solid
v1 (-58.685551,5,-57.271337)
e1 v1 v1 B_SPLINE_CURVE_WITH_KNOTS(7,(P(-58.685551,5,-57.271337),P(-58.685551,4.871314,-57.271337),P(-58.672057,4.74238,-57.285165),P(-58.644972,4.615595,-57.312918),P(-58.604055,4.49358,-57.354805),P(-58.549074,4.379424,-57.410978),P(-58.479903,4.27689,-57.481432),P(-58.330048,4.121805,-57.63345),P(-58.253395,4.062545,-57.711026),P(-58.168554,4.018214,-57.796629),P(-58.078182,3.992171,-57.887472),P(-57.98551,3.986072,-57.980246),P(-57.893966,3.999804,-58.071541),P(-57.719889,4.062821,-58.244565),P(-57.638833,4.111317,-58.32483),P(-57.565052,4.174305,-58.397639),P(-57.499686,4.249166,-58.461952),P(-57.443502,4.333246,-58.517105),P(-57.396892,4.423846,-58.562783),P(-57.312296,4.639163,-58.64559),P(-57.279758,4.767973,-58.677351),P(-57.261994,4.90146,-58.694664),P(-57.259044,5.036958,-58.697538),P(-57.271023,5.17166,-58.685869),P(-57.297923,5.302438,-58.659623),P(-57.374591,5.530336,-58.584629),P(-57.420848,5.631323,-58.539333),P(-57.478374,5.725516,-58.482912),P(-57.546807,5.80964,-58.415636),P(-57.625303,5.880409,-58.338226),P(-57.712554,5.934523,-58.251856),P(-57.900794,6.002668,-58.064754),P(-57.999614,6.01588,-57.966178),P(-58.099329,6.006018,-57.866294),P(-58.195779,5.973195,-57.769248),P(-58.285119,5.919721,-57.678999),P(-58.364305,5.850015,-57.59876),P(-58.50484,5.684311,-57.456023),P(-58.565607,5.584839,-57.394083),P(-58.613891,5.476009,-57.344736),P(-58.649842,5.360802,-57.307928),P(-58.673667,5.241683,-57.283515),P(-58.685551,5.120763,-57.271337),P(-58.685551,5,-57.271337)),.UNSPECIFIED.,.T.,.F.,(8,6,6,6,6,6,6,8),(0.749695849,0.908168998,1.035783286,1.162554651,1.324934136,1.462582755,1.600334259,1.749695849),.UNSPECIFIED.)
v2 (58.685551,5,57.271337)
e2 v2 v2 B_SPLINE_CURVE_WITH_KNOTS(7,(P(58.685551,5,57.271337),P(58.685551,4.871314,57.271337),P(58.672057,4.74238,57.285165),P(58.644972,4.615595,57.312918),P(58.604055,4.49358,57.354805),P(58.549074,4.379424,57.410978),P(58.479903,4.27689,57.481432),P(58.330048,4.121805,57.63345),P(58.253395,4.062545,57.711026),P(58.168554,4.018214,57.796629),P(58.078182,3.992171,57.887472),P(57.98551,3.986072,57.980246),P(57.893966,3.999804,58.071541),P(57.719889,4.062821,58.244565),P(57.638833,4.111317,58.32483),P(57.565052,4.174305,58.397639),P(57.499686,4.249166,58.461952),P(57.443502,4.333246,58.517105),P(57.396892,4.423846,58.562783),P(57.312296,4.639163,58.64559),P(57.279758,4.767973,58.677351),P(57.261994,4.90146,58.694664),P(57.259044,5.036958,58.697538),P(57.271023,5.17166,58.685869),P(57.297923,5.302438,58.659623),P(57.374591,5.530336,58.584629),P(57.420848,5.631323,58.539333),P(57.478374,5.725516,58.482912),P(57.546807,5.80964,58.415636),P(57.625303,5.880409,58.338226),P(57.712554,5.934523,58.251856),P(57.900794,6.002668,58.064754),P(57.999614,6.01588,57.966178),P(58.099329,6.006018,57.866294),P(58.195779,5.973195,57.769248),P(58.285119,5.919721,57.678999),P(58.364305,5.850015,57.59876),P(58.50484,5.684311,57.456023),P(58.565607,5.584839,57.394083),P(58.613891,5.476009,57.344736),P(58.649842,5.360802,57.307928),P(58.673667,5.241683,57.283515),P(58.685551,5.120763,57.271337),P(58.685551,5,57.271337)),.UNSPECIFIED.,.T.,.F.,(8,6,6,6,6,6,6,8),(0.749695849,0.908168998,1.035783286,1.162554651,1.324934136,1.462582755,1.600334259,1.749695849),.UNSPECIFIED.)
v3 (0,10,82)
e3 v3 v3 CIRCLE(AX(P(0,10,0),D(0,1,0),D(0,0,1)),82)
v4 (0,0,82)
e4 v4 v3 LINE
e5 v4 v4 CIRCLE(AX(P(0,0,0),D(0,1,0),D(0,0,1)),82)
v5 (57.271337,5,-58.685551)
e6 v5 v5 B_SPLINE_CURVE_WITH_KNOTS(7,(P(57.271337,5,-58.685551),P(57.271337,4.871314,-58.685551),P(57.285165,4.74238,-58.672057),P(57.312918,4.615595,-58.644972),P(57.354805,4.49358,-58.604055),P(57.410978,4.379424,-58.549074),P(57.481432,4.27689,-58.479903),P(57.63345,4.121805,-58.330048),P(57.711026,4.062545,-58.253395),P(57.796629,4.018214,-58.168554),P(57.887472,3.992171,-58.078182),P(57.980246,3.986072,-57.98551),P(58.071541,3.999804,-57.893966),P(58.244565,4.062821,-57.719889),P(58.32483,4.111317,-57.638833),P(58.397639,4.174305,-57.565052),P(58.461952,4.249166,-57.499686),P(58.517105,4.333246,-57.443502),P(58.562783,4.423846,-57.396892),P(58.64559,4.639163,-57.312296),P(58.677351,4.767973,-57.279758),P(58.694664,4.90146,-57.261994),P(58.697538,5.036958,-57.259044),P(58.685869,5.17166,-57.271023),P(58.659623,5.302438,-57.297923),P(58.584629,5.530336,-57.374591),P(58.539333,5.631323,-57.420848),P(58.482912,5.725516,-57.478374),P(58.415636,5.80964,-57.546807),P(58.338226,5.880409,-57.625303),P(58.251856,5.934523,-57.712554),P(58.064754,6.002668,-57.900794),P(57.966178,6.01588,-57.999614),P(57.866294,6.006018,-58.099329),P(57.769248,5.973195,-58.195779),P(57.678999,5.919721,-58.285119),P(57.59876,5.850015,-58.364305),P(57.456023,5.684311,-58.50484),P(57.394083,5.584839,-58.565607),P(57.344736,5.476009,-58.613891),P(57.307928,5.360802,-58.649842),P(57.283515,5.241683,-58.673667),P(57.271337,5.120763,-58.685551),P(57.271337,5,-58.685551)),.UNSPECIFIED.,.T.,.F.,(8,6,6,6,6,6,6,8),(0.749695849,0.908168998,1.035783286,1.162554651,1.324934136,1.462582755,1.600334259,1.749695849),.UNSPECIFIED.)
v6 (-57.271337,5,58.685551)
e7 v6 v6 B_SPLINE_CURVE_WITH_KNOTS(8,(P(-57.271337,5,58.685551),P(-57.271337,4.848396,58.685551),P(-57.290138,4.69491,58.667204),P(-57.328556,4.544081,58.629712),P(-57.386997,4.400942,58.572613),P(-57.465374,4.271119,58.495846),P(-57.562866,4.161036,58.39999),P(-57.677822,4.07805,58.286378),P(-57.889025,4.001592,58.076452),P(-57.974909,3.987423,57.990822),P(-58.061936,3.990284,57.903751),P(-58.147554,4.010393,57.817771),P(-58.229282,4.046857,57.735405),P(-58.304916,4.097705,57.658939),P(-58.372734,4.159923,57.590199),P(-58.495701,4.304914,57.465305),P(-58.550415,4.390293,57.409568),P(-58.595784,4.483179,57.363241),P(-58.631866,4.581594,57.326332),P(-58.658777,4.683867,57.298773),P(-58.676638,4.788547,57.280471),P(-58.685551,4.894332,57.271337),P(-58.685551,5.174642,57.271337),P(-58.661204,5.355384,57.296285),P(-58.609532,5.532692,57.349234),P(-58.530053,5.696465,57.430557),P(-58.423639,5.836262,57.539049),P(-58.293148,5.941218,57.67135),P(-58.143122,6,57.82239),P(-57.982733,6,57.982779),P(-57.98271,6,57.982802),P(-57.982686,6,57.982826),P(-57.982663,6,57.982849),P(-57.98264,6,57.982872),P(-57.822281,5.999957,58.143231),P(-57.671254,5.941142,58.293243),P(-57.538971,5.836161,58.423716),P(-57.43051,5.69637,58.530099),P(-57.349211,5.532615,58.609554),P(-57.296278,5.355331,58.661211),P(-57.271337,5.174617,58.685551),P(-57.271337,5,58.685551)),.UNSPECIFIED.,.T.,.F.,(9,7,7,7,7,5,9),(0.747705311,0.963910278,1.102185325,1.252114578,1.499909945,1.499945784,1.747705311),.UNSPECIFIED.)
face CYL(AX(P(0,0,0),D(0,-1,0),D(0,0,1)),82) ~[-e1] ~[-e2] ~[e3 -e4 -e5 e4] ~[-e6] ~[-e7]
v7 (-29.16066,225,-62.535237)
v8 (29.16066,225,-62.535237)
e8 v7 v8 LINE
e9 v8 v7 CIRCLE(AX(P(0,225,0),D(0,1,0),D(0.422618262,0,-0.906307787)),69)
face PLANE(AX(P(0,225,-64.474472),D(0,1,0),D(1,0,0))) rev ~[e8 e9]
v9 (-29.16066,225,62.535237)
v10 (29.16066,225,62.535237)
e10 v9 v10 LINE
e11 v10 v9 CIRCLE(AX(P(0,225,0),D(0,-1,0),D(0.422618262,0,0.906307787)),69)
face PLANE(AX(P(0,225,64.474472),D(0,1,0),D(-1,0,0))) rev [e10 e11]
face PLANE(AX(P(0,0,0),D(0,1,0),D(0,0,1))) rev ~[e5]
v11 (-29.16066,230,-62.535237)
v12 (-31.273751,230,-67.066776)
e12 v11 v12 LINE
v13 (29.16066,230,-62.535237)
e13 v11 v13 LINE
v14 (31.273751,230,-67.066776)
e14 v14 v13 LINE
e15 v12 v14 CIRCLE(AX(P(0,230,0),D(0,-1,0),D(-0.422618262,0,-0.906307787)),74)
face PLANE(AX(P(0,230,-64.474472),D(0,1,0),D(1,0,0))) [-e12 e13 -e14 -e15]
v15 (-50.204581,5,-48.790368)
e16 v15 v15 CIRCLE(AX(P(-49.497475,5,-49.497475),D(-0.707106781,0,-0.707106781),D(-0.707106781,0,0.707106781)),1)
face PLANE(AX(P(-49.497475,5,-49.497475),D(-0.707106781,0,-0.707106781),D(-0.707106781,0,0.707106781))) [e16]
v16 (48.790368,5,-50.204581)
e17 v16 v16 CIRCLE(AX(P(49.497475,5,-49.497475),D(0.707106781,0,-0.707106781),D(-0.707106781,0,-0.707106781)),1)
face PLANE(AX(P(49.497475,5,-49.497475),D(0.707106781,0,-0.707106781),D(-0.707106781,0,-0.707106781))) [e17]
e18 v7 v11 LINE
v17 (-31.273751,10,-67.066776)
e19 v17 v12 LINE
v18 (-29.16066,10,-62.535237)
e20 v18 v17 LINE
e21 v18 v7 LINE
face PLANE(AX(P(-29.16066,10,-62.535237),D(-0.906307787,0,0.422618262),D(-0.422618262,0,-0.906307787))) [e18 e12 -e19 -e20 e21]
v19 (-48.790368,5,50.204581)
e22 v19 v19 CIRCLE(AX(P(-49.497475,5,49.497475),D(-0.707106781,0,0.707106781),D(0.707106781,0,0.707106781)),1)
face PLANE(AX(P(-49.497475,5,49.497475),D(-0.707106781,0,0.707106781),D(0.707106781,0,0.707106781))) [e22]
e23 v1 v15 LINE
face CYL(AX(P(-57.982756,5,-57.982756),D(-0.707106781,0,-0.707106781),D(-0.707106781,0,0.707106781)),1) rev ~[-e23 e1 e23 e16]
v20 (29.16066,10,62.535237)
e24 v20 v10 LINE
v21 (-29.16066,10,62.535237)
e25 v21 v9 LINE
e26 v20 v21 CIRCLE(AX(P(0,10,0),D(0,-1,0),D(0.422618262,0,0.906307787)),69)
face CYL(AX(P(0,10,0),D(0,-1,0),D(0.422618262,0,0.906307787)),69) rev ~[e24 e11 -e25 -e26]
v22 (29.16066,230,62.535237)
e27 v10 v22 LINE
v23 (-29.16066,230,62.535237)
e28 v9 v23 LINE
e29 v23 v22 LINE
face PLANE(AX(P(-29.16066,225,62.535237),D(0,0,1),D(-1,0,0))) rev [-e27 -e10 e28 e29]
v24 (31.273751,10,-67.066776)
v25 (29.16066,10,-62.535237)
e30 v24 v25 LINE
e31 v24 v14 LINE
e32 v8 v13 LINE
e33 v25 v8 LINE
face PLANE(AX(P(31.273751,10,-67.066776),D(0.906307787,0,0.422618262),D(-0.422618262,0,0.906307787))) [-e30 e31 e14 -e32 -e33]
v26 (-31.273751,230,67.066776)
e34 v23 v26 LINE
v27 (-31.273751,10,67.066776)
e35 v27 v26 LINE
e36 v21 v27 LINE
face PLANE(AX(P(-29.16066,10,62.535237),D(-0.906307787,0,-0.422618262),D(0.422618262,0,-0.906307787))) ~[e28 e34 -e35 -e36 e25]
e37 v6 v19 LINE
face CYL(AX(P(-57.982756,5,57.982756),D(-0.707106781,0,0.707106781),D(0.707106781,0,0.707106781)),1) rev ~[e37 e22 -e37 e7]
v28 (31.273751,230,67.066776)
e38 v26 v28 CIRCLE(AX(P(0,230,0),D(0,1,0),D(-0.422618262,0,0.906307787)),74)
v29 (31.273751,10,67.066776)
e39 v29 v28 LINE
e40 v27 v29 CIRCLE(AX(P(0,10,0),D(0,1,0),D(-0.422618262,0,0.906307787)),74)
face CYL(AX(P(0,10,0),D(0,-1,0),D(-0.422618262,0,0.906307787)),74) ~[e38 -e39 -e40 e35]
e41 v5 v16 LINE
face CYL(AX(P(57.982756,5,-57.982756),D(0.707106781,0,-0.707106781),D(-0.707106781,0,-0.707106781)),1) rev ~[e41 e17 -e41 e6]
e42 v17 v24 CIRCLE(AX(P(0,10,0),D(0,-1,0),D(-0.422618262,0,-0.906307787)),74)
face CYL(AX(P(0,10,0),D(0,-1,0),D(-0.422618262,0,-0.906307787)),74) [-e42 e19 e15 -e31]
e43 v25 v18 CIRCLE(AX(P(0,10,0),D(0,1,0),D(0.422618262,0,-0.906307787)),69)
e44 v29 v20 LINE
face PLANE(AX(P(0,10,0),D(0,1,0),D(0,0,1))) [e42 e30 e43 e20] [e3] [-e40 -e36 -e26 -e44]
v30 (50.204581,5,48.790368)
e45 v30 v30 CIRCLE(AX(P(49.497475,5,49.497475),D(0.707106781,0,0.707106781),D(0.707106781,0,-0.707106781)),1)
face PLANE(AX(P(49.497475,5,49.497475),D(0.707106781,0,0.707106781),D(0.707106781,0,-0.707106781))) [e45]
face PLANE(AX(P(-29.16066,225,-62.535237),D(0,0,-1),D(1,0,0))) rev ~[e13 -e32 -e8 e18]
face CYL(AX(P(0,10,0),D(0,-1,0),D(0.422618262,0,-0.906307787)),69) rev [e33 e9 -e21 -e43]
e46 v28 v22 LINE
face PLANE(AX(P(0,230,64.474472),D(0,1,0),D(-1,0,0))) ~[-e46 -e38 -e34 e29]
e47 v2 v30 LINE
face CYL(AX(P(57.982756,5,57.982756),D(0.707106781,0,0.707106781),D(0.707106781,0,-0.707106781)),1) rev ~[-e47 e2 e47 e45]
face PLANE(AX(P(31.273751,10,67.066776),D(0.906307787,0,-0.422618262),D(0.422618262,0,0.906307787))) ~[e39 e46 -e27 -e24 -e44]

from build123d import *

# Parameters (mm, degrees)
SKETCH1_R           = 82
BOSS_EXTRUDE1_DEPTH = 10
BOSS_EXTRUDE4_DEPTH = 220
BOSS_EXTRUDE5_START = -5
BOSS_EXTRUDE5_DEPTH = 5
SKETCH7_R           = 1
CUT_EXTRUDE1_DEPTH  = 12
CIRPATTERN1_COUNT   = 4


with BuildPart() as part:
    # Sketch1 → Boss-Extrude1 (new body)
    with BuildSketch(Plane(origin=(0, 0, 0), x_dir=(1, 0, 0), z_dir=(0, 1, 0))):
        with Locations(Location((0, 0, 0), (0, 0, 270))):
            Circle(SKETCH1_R)
    extrude(amount=BOSS_EXTRUDE1_DEPTH)

    # Sketch2 → Boss-Extrude4 (add)
    with BuildSketch(Plane(origin=(0, 10, 0), x_dir=(1, 0, 0), z_dir=(0, 1, 0))):
        with BuildLine():
            Line((-29.16066006, 62.535237306), (-31.273751369, 67.066776241))
            ThreePointArc((-31.273751369, 67.066776241), (0, 74), (31.273751369, 67.066776241))
            Line((31.273751369, 67.066776241), (29.16066006, 62.535237306))
            ThreePointArc((29.16066006, 62.535237306), (0, 69), (-29.16066006, 62.535237306))
        make_face()
    boss_extrude4 = extrude(amount=BOSS_EXTRUDE4_DEPTH)

    # Mirror2: Boss-Extrude4 across plane
    add(boss_extrude4.mirror(Plane.XY))

    # Sketch4 → Boss-Extrude5 (add)
    with BuildSketch(Plane(origin=(0, 230, 0), x_dir=(1, 0, 0), z_dir=(0, 1, 0)).offset(BOSS_EXTRUDE5_START)):
        with BuildLine():
            Line((-29.16066006, 62.535237306), (29.16066006, 62.535237306))
            ThreePointArc((29.16066006, 62.535237306), (0, 69), (-29.16066006, 62.535237306))
        make_face()
    boss_extrude5 = extrude(amount=BOSS_EXTRUDE5_DEPTH)

    # Mirror3: Boss-Extrude5 across plane
    add(boss_extrude5.mirror(Plane.XY))

    # Sketch7 → Cut-Extrude1 (cut)
    with BuildSketch(Plane(origin=(-57.982756057, 0, 57.982756057), x_dir=(0.7071067811865477, 0, 0.7071067811865475), z_dir=(-0.7071067811865475, 0, 0.7071067811865477))):
        with Locations((0, 5)):
            Circle(SKETCH7_R)
    cut_extrude1 = extrude(amount=-CUT_EXTRUDE1_DEPTH, mode=Mode.SUBTRACT)

    # CirPattern1: Cut-Extrude1 ×4 about axis
    cirpattern1_axis = Axis((0, 0, 0), (0, 1, 0))
    for i in range(1, CIRPATTERN1_COUNT):
        add(cut_extrude1.rotate(cirpattern1_axis, i * 360 / CIRPATTERN1_COUNT), mode=Mode.SUBTRACT)


solid = part.part
